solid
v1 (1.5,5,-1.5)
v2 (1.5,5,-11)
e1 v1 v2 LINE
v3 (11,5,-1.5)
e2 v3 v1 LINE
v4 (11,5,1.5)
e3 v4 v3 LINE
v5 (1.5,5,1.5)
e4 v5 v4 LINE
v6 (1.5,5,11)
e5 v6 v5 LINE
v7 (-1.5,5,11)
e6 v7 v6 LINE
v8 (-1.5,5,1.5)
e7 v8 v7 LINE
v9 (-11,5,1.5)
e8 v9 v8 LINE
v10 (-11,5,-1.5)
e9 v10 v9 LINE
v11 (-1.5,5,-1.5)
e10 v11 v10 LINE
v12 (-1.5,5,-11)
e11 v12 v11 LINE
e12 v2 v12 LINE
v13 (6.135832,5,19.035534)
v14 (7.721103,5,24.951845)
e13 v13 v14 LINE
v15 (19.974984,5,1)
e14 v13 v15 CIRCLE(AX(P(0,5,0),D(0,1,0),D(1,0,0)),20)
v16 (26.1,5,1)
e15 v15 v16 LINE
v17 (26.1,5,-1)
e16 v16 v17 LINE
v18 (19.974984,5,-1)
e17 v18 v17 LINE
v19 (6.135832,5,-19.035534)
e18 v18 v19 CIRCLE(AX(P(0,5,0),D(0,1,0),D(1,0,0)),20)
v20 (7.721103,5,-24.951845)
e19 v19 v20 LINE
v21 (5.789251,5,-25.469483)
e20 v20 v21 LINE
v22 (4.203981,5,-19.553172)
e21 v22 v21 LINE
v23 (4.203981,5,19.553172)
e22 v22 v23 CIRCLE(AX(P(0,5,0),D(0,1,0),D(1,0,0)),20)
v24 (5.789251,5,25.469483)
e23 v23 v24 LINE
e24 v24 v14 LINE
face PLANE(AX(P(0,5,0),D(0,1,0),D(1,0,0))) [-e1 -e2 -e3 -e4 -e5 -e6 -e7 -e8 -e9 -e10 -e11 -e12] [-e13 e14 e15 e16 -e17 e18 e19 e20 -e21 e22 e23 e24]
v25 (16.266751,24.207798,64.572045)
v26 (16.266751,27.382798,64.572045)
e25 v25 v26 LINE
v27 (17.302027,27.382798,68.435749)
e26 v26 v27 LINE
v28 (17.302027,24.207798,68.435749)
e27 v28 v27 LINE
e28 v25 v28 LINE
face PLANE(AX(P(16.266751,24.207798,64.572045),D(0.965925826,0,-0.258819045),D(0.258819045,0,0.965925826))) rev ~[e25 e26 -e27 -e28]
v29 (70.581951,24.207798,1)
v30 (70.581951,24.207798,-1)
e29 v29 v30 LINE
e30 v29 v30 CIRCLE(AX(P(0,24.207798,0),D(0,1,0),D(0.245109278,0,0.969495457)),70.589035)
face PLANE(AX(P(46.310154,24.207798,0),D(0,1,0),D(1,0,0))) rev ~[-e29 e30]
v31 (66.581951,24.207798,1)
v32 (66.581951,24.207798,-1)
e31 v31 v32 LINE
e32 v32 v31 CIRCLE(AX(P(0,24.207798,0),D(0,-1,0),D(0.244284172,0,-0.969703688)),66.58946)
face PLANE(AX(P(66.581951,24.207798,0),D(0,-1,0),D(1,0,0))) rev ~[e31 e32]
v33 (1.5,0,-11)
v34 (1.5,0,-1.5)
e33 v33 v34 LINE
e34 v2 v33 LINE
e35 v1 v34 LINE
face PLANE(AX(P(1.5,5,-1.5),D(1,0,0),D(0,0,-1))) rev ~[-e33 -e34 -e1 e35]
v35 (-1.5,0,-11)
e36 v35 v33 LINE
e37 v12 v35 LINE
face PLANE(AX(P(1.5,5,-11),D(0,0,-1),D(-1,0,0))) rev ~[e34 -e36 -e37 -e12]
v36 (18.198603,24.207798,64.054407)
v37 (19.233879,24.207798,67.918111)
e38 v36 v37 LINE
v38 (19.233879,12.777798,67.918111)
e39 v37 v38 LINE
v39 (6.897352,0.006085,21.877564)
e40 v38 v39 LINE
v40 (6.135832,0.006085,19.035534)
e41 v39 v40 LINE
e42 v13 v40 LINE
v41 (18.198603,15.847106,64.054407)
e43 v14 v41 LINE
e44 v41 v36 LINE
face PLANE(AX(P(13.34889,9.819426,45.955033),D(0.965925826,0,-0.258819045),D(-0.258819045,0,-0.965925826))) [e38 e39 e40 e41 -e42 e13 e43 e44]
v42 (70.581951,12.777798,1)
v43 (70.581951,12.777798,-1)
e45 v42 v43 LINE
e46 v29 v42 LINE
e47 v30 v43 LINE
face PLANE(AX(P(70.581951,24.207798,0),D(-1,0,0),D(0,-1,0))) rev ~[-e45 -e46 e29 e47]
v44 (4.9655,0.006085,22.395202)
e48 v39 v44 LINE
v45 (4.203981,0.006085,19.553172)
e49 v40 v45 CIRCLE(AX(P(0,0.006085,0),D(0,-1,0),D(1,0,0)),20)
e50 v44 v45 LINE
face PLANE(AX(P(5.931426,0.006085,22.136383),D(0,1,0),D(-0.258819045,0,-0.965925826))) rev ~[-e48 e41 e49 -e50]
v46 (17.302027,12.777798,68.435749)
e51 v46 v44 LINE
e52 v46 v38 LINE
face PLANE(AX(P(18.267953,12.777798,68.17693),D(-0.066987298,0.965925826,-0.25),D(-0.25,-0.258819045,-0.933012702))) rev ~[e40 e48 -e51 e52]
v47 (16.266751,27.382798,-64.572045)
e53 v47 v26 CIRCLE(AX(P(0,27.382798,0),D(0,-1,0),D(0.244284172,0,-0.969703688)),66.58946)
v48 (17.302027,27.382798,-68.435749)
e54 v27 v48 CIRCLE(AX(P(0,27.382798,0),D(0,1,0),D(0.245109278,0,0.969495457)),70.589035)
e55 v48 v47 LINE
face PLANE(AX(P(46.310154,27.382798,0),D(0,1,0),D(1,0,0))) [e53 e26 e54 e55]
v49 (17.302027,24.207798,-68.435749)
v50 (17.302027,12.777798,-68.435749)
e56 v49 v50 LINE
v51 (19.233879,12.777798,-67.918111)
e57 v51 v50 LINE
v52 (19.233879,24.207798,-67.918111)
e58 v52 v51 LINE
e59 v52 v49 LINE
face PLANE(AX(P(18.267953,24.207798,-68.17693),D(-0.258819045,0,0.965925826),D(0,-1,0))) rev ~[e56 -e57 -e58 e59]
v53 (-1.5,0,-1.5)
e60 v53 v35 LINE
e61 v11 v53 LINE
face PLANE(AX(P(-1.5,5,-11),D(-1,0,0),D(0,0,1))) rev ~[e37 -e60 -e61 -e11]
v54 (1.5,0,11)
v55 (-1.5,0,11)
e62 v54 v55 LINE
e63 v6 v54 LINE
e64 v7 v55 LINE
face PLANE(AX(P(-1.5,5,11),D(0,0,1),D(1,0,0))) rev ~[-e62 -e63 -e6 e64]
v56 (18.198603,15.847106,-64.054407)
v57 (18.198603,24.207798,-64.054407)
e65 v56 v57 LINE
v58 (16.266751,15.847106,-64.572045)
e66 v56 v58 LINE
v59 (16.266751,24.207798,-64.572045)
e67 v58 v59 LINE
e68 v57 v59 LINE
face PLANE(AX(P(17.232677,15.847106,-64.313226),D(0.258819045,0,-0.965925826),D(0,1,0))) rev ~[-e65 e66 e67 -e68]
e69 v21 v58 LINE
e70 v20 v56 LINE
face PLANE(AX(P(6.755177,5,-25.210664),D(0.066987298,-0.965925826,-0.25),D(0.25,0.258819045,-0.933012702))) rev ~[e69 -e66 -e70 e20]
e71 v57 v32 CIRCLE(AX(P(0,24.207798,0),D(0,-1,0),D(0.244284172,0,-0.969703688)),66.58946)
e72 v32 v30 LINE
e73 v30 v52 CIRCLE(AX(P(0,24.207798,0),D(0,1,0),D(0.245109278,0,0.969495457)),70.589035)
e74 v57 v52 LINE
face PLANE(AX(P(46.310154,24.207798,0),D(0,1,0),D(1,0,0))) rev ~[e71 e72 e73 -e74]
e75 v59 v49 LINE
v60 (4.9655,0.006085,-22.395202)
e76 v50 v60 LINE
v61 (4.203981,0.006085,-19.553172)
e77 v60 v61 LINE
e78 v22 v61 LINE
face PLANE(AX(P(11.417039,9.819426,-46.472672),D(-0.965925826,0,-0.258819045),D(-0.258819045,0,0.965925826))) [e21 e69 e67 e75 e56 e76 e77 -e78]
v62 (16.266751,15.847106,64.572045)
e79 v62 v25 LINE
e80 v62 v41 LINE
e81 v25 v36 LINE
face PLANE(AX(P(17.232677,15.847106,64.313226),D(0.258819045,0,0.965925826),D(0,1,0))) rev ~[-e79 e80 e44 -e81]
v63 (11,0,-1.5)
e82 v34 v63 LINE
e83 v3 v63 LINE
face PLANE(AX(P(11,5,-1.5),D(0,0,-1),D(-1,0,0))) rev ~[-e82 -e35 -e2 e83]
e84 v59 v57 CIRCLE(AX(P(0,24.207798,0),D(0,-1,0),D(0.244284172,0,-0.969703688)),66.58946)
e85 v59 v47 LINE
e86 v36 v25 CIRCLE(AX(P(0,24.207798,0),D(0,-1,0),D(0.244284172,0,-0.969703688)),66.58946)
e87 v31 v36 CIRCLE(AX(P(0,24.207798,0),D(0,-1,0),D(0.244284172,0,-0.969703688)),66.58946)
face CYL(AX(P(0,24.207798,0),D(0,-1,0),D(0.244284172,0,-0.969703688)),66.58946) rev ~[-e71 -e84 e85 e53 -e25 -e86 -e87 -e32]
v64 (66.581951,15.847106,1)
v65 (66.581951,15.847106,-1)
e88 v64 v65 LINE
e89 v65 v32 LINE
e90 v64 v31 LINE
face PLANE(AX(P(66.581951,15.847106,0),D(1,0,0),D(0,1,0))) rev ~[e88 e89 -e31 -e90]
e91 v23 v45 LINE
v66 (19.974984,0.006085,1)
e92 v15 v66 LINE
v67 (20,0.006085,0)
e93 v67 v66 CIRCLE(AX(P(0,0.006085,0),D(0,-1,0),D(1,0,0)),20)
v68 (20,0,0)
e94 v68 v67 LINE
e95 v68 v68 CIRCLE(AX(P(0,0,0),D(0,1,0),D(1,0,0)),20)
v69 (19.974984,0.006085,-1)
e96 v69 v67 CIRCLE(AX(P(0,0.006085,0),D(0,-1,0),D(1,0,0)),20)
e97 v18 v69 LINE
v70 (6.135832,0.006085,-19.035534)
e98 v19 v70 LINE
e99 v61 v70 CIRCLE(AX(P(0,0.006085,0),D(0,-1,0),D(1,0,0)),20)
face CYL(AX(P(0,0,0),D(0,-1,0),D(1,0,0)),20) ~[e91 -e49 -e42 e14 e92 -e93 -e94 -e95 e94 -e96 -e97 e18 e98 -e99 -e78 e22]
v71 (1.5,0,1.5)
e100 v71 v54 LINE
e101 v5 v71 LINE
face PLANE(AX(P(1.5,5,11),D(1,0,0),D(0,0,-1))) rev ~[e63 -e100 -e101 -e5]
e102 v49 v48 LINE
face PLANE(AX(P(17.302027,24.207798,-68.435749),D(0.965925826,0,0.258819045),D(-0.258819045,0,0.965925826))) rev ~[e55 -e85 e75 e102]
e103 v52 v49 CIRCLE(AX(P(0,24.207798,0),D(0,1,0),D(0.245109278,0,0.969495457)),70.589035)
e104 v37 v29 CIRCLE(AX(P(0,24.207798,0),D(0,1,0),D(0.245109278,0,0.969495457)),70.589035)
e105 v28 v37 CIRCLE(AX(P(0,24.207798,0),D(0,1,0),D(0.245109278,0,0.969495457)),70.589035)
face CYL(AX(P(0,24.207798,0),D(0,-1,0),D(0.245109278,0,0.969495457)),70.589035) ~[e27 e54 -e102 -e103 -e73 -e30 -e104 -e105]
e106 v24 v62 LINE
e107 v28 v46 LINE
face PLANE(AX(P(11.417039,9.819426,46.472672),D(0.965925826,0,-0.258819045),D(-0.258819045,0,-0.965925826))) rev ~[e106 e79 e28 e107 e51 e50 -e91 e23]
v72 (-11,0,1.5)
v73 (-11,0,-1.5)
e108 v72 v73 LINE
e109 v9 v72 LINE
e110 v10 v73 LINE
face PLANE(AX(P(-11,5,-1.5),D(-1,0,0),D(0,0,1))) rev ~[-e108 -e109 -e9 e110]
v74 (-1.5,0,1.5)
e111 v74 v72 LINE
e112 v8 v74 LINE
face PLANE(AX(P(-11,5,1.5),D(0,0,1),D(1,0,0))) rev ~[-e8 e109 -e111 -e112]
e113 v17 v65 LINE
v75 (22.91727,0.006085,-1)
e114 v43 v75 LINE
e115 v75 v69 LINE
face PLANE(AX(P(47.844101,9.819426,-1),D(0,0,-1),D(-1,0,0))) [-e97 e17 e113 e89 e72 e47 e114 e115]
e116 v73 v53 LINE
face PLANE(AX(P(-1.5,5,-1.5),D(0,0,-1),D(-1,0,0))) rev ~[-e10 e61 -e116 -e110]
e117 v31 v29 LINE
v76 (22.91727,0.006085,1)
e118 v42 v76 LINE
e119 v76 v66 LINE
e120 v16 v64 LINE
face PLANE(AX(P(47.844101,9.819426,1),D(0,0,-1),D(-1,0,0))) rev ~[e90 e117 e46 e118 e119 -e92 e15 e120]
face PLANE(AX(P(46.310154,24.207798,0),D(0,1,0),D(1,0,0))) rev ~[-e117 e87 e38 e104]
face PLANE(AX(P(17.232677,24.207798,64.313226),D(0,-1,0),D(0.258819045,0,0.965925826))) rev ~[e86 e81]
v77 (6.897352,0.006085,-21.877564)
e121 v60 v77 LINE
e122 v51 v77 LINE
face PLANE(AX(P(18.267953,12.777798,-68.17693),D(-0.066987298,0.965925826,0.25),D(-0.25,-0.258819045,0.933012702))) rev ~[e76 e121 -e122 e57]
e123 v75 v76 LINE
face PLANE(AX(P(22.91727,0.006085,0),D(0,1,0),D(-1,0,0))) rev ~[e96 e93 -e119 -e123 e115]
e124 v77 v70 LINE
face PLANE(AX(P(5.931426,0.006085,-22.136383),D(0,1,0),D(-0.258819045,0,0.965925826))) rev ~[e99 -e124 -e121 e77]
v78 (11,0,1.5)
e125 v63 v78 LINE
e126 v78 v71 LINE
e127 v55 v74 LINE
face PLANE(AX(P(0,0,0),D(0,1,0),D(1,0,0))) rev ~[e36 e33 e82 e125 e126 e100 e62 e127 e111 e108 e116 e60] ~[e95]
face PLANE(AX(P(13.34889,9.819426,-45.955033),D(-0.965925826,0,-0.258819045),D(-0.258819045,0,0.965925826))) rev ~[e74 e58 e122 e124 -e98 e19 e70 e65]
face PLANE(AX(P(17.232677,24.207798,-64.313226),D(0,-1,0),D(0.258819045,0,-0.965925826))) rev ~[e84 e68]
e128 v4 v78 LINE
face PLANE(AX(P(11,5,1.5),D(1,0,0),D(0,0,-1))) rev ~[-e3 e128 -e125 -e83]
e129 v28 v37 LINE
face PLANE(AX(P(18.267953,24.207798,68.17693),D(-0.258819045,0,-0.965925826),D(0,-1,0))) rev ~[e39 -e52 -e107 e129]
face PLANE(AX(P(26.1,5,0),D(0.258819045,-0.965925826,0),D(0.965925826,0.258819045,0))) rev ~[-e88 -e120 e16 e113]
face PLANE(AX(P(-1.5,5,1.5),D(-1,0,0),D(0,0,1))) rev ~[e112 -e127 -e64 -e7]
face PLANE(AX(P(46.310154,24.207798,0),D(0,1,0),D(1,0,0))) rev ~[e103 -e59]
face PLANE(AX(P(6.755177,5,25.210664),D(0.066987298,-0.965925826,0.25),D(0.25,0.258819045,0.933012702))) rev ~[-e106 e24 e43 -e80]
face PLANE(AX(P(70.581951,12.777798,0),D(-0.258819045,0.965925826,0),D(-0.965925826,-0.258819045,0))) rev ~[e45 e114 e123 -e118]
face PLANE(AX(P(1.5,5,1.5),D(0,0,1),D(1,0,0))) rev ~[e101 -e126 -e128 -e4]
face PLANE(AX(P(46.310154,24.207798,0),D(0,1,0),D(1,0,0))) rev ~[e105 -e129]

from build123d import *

# Parameters (mm, degrees)
SKETCH1_R           = 20
BOSS_EXTRUDE1_DEPTH = 5
BOSS_EXTRUDE2_DEPTH = 1
CIRPATTERN1_COUNT   = 2
CIRPATTERN1_ANGLE   = 75
CIRPATTERN3_COUNT   = 2
CIRPATTERN3_ANGLE   = 75
CUT_EXTRUDE1_REACH  = 102.171
BOSS_EXTRUDE3_DEPTH = 3.175


with BuildPart() as part:
    # Sketch1 → Boss-Extrude1 (new body)
    with BuildSketch(Plane(origin=(0, 0, 0), x_dir=(1, 0, 0), z_dir=(0, 1, 0))):
        Circle(SKETCH1_R)
    extrude(amount=BOSS_EXTRUDE1_DEPTH)

    # Sketch2 → Boss-Extrude2 (add, symmetric)
    with BuildSketch(Plane.XY):
        Polygon((19.75, 5), (26.1, 5), (66.58195138, 15.84710618), (66.58195138, 24.207798228), (70.58195138, 24.207798228), (70.58195138, 12.777798228), (22.917269596, 0.006085237), (19.75, 0.006085237), align=None)
    boss_extrude2 = extrude(amount=BOSS_EXTRUDE2_DEPTH, both=True)

    # CirPattern1: Boss-Extrude2 ×2 about axis
    cirpattern1_axis = Axis((0, 5, 0), (0, 1, 0))
    for i in range(1, CIRPATTERN1_COUNT):
        add(boss_extrude2.rotate(cirpattern1_axis, i * CIRPATTERN1_ANGLE / (CIRPATTERN1_COUNT - 1)))

    # CirPattern3: Boss-Extrude2 ×2 about axis
    cirpattern3_axis = Axis((0, 0, 0), (0, -1, 0))
    for i in range(1, CIRPATTERN3_COUNT):
        add(boss_extrude2.rotate(cirpattern3_axis, i * CIRPATTERN3_ANGLE / (CIRPATTERN3_COUNT - 1)))

    # Sketch5 → Cut-Extrude1 (cut, up to next)
    with BuildSketch(Plane(origin=(0, 5, 0), x_dir=(1, 0, 0), z_dir=(0, 1, 0)), mode=Mode.PRIVATE) as cut_extrude1_sk1:
        Polygon((-11, -1.5), (-1.5, -1.5), (-1.5, -11), (1.5, -11), (1.5, -1.5), (11, -1.5), (11, 1.5), (1.5, 1.5), (1.5, 11), (-1.5, 11), (-1.5, 1.5), (-11, 1.5), align=None)
    cut_extrude1_tool1 = extrude(cut_extrude1_sk1.sketch, amount=-CUT_EXTRUDE1_REACH, mode=Mode.PRIVATE) & part.part
    add(cut_extrude1_tool1.solids().sort_by_distance((0, 5, 0))[0], mode=Mode.SUBTRACT)

    # Sketch7 → Boss-Extrude3 (add)
    with BuildSketch(Plane(origin=(0, 24.207798228, 0), x_dir=(1, 0, 0), z_dir=(0, 1, 0))):
        with BuildLine():
            Line((17.302027431, 68.435748753), (16.266751251, 64.572045448))
            ThreePointArc((16.266751251, 64.572045448), (66.589460499, 0), (16.266751251, -64.572045448))
            Line((16.266751251, -64.572045448), (17.302027431, -68.435748753))
            ThreePointArc((17.302027431, -68.435748753), (70.589034988, 0), (17.302027431, 68.435748753))
        make_face()
    extrude(amount=BOSS_EXTRUDE3_DEPTH)


solid = part.part
